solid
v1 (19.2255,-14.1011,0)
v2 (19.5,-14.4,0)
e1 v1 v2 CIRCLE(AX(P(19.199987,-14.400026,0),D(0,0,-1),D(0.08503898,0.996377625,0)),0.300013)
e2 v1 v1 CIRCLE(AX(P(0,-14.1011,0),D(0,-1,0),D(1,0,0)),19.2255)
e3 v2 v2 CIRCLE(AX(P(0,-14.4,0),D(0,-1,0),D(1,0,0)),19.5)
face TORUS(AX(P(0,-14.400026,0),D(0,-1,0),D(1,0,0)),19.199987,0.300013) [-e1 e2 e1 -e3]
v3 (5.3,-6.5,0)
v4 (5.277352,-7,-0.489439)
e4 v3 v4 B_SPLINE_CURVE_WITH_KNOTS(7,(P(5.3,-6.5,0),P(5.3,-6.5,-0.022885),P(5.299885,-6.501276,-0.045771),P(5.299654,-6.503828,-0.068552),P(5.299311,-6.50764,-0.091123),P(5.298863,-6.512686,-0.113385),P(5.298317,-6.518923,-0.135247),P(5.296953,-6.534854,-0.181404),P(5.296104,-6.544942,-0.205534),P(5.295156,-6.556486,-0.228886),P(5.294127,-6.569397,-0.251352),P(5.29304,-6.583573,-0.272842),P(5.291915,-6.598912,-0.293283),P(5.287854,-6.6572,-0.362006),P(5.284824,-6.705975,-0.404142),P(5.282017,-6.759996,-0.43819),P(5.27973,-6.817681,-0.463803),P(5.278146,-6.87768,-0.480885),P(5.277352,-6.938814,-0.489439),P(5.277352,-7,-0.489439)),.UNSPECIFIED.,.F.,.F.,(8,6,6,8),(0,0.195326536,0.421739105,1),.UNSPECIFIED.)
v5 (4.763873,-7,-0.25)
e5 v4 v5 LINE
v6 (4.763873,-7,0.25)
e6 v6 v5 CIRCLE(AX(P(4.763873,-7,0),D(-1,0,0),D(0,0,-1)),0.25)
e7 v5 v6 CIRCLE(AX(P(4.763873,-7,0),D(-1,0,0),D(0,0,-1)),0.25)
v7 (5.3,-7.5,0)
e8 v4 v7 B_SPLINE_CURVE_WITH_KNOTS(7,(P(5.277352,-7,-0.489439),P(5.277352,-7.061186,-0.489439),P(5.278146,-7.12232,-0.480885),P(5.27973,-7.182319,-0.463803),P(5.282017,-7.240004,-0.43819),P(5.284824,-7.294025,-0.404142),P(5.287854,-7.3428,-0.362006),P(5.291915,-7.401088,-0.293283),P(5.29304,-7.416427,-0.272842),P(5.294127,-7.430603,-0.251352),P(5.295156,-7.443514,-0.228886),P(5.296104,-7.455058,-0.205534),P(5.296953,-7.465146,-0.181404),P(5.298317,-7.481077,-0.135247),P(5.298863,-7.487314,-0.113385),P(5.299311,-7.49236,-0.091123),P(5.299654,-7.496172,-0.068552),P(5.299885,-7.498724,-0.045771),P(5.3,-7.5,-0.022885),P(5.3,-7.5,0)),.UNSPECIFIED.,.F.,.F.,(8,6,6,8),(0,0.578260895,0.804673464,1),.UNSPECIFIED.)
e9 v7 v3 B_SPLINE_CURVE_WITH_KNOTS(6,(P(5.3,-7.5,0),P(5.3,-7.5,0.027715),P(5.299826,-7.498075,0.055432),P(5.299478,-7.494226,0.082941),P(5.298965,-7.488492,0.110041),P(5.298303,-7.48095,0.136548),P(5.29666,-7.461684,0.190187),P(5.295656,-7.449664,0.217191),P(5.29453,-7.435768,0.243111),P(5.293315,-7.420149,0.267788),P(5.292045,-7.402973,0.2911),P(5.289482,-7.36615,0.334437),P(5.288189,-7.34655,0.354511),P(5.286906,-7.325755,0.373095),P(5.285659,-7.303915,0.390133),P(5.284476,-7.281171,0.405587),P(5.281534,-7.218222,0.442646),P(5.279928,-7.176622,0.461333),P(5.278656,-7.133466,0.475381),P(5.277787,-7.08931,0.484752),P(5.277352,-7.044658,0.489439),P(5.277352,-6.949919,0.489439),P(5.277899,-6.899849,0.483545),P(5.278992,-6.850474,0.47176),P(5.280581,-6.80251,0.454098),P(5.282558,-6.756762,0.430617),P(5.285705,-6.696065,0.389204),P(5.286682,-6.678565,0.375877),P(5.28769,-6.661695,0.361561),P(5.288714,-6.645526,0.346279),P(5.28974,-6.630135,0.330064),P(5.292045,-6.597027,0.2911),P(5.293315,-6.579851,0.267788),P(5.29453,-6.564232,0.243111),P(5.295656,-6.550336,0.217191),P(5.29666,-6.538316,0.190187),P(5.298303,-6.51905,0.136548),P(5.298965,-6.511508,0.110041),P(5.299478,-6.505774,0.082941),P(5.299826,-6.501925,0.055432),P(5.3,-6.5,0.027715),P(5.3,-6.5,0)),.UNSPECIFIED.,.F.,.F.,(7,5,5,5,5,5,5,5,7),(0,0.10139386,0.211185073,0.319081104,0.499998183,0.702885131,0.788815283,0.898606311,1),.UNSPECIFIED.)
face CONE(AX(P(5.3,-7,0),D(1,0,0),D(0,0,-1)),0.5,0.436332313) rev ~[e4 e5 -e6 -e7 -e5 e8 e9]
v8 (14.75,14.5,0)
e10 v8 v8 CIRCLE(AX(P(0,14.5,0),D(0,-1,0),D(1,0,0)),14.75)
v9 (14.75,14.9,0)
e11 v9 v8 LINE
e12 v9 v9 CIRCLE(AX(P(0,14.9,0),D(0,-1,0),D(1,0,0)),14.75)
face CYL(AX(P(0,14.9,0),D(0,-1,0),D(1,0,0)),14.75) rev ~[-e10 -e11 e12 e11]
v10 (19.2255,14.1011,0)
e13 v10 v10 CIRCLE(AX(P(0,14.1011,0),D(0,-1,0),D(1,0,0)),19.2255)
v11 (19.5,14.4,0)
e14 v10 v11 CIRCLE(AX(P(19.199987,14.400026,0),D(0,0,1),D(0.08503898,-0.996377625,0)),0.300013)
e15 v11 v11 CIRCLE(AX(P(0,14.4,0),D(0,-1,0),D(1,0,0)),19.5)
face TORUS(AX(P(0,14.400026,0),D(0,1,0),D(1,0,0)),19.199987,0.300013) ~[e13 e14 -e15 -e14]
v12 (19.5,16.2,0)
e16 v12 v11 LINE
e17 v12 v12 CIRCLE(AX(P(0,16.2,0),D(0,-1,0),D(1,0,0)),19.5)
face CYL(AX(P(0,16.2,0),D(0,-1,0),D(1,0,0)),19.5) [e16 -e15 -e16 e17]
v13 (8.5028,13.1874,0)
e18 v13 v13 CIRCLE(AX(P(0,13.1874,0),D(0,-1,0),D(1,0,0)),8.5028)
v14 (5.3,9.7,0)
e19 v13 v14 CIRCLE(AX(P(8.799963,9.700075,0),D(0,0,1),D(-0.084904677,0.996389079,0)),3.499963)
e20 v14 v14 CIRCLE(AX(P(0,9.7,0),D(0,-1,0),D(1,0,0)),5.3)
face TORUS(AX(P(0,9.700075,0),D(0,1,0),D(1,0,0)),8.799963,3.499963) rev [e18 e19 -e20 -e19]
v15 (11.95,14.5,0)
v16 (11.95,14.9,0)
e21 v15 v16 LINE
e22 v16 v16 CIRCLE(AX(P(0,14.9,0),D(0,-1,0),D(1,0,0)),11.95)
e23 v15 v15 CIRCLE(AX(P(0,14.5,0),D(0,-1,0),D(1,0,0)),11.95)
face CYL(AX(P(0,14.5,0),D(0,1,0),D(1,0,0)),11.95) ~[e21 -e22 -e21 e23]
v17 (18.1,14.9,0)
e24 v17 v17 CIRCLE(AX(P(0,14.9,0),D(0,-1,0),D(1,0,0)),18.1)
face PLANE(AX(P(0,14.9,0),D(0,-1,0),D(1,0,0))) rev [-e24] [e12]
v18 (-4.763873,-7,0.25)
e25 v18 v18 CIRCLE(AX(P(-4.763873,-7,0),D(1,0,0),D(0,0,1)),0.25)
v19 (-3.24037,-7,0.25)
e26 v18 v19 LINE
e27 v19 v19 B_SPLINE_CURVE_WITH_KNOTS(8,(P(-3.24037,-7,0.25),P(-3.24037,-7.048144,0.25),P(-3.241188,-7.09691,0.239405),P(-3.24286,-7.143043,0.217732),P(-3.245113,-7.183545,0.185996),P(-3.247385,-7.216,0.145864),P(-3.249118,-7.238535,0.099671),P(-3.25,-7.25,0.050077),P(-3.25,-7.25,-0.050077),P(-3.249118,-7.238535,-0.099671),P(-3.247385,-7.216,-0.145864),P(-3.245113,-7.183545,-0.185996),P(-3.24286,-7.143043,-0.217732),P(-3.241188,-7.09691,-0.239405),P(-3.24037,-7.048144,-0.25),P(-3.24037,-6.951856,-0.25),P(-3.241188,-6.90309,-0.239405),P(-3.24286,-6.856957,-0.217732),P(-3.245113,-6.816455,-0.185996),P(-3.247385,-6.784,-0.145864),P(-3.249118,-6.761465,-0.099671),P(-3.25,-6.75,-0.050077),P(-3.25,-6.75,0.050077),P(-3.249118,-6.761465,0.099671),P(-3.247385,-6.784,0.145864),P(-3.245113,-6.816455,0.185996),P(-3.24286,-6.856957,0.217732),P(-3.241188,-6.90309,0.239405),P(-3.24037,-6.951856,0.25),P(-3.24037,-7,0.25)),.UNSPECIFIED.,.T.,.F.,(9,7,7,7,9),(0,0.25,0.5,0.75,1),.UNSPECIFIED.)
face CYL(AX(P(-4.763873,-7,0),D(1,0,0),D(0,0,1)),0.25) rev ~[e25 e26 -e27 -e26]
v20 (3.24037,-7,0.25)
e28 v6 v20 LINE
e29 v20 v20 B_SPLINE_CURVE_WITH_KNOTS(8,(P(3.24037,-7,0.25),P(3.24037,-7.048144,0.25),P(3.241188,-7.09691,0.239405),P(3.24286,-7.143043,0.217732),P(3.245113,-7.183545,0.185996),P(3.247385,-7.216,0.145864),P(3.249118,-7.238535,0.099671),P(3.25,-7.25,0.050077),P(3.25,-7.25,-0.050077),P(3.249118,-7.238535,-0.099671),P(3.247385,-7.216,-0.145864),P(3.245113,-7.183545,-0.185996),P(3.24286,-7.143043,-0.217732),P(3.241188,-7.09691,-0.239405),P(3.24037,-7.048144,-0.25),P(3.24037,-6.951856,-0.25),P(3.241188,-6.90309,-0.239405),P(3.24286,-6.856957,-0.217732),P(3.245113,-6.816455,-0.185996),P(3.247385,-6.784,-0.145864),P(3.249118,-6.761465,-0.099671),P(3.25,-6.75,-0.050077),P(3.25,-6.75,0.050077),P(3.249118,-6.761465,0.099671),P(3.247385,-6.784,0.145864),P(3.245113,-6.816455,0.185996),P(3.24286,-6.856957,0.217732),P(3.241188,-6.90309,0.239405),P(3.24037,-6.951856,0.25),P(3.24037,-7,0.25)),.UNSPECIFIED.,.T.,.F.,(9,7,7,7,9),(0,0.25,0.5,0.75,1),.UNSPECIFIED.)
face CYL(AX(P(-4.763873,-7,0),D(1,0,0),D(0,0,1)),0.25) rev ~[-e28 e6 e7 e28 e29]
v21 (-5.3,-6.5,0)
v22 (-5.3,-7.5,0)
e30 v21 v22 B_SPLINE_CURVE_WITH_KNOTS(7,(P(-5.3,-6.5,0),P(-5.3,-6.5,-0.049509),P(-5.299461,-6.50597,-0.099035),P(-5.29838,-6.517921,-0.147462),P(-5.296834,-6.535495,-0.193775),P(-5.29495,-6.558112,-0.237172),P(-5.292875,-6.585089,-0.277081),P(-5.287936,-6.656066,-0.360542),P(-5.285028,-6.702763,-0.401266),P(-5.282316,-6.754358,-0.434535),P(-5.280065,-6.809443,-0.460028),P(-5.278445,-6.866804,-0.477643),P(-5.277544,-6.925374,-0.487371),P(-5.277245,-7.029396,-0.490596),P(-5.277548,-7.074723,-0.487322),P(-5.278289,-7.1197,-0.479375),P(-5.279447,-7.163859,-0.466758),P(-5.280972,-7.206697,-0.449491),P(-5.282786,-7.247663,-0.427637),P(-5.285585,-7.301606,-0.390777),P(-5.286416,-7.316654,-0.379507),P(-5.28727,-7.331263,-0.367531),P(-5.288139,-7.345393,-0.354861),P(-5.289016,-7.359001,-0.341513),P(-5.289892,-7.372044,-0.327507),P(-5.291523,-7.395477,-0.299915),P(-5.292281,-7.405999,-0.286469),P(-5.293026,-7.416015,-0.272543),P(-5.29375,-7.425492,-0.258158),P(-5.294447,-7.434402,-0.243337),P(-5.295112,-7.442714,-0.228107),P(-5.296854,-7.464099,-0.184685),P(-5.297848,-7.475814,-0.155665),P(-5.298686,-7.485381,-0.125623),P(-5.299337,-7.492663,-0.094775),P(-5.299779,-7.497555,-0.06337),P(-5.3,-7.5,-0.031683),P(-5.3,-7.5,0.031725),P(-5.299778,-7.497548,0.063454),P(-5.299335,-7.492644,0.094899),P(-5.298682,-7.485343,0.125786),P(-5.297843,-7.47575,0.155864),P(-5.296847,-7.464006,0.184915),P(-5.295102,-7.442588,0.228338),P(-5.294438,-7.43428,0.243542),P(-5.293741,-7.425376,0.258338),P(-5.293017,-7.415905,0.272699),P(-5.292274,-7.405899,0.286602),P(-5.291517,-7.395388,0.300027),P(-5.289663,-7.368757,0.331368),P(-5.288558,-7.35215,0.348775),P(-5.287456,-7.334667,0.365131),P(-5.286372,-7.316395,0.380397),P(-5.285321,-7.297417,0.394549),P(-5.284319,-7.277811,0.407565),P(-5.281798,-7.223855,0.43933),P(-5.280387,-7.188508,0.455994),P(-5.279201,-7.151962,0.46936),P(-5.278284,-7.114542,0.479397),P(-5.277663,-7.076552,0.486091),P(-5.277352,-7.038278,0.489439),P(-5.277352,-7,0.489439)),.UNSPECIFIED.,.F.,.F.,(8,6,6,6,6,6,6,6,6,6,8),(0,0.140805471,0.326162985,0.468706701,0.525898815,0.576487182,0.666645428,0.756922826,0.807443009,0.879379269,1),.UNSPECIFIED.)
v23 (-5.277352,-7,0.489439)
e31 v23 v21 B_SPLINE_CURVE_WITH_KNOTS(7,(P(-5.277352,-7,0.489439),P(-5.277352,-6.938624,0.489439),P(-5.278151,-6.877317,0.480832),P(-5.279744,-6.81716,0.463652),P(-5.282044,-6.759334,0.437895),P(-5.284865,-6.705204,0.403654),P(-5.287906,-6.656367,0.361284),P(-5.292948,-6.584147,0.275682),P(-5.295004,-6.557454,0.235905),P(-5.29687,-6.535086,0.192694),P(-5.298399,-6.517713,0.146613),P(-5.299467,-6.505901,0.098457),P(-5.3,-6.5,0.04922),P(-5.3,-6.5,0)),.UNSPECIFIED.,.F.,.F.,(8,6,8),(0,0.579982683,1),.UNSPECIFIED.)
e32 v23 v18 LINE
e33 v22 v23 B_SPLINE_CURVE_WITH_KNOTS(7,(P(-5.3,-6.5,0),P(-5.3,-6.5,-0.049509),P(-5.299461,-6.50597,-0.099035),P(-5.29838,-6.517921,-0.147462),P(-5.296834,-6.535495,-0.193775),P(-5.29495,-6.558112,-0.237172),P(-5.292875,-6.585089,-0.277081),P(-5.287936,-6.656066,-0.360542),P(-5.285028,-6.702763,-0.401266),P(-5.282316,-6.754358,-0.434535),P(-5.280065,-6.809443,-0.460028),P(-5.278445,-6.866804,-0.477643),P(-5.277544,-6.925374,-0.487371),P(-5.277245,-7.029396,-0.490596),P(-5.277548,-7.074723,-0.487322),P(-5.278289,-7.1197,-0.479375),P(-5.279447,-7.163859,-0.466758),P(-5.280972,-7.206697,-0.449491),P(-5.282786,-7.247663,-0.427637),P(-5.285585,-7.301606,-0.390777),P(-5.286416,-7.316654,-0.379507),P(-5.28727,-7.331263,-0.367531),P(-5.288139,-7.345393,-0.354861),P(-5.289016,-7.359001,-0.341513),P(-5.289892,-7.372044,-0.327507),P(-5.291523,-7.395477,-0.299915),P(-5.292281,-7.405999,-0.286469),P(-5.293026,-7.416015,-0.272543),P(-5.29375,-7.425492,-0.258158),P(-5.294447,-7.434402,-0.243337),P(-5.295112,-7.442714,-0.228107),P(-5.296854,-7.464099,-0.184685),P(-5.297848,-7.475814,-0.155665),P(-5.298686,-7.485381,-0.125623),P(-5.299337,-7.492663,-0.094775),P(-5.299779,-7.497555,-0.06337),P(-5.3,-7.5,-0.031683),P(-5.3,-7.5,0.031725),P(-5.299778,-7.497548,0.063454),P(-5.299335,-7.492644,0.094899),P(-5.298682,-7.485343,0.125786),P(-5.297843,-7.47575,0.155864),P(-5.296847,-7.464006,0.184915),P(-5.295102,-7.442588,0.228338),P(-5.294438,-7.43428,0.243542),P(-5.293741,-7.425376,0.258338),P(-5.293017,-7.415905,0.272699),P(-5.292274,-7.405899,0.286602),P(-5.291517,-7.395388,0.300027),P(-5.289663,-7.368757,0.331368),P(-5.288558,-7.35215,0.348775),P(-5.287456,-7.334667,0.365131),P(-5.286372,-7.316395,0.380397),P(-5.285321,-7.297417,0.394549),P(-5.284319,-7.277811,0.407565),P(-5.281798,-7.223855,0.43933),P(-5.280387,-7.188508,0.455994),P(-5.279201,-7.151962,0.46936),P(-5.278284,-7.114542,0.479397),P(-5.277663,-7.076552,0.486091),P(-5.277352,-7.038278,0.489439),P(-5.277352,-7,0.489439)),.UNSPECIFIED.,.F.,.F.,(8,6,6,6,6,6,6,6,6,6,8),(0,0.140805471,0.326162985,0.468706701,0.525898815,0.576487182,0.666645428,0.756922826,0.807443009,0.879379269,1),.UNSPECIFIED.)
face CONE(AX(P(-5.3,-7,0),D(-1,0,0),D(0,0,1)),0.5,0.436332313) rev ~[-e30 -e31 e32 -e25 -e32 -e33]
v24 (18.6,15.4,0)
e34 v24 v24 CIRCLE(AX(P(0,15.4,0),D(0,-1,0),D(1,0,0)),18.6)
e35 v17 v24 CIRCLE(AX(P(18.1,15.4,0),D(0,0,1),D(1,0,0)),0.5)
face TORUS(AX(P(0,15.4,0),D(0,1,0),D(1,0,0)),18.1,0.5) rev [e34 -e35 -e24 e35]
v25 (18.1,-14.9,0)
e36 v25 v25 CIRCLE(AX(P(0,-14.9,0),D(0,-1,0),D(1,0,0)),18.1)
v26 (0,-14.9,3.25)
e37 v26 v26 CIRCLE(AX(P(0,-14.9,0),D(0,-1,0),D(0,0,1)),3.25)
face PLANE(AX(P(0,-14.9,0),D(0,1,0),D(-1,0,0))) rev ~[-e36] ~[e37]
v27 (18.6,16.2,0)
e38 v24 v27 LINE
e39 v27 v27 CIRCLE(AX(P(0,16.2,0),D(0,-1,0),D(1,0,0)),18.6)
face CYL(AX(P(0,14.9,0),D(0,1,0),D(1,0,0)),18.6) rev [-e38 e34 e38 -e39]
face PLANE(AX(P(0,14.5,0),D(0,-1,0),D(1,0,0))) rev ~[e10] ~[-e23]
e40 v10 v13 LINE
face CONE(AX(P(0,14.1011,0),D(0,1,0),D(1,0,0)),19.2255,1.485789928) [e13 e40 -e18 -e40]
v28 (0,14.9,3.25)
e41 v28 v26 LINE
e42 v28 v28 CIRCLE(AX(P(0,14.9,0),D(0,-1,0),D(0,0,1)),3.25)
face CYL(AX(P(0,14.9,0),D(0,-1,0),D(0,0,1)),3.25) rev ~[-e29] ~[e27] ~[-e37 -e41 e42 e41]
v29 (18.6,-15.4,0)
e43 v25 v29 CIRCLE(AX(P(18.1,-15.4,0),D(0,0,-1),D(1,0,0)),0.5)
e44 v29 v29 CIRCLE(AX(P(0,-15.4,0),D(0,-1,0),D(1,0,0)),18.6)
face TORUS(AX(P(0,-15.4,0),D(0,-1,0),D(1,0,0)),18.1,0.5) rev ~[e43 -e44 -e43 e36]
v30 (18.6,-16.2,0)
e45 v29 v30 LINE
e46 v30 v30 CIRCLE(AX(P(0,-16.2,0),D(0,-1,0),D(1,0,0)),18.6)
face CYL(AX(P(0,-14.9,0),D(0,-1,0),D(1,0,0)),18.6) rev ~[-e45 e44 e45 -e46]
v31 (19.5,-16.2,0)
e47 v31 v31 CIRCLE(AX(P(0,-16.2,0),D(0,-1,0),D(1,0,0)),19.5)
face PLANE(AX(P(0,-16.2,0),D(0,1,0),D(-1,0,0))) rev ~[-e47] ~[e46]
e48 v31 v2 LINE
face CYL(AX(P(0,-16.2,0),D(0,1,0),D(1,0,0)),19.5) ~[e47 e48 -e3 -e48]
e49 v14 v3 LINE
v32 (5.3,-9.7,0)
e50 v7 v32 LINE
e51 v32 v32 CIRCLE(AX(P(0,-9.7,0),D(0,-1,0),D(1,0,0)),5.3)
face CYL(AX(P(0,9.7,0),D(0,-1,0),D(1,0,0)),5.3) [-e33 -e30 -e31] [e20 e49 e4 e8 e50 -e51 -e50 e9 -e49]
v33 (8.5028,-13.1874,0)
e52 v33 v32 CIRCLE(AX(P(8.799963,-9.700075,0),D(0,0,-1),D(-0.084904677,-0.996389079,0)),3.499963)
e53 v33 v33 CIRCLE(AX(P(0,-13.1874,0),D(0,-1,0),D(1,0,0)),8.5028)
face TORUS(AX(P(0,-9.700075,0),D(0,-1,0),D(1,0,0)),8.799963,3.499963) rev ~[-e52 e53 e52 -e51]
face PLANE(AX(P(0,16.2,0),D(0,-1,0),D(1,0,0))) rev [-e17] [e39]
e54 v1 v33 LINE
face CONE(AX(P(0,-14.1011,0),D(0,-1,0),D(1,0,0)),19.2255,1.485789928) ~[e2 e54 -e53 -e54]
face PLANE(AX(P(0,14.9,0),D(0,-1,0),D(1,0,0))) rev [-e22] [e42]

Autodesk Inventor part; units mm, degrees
ref_plane "XZ Plane" through (0, 0, 0) normal (0, 1, 0) x (-1, 0, 0)
ref_plane "XY Plane" through (0, 0, 0) normal (0, 0, 1) x (1, 0, 0)
sketch "Sketch1" plane through (0, 0, 0) normal (0, 0, 1) x (1, 0, 0)
  line L0 (0, 0) -> (5.3, 0)
  line L1 (0, 14.9) -> (0, 0)
  line L2 (0, 14.9) -> (11.95, 14.9)
  line L3 (11.95, 14.9) -> (14.75, 14.9)
  line L4 (14.75, 14.9) -> (14.75, 14.5)
  line L5 (14.75, 14.5) -> (11.95, 14.5)
  line L6 (11.95, 14.5) -> (11.95, 14.9)
  line L7 (14.75, 14.9) -> (18.6, 14.9)
  line L8 (18.6, 14.9) -> (18.6, 16.2)
  line L9 (18.6, 16.2) -> (19.5, 16.2)
  line L10 (19.5, 16.2) -> (19.5, 14.4)
  line L11 (19.2255, 14.1011) -> (8.5028, 13.1874)
  line L12 (5.3, 9.7) -> (5.3, 0)
  arc A0 (19.2255, 14.1011) -> (19.5, 14.4) centre (19.2, 14.4) ccw
  arc A1 (8.5028, 13.1874) -> (5.3, 9.7) centre (8.8, 9.7) ccw
  dimension "d0" = 32.4
  dimension "d2" = 1.3
  dimension "d3" = 1.7
  dimension "d4" = 23.9
  dimension "d5" = 39
  dimension "d6" = 37.2
  dimension "d7" = 10.6
  dimension "d8" = 2.8
  dimension "d9" = 0.3
  dimension "d10" = 3.5
  dimension "d11" = 1.8
  dimension "d12" = 6.5
revolve "Revolution1" add sketch "Sketch1" angle 360 about axis through (0, 14.9, 0) along (0, -1, 0)
mirror "Mirror1" about plane through (2.65, 0, 0) normal (0, -1, 0)
hole "Hole1" at (0, 14.9, 0) direction (0, -1, 0) diameter 6.5 end through all
revolve "Revolution2" cut sketch "Sketch1" angle 360 about axis through (0, 14.9, 0) along (0, -1, 0) contours L3 L4 L5 L6
fillet "Fillet1" radius 0.5 2 edges at (-18.6, 14.9, 0) (-18.6, -14.9, 0)
ref_plane "Work Plane1" through (-5.3, 4.85, 0) normal (1, 0, 0) x (0, 1, 0)
sketch "Sketch3" plane through (-5.3, 4.85, 0) normal (1, 0, 0) x (0, 1, 0)
  point P0 (-4.85, 0)
  point P1 (-11.85, 0)
  dimension "d35" = 7
hole "Hole2" at (-5.3, -7, 0) direction (1, 0, 0) diameter 0.5 end through all countersink diameter 1 countersink angle 50
ref_plane "Work Plane2" through (5.3, 4.85, 0) normal (1, 0, 0) x (0, 1, 0)
hole "Hole3" at (5.3, -7, 0) direction (-1, 0, 0) diameter 0.5 depth 1 tip angle 118 countersink diameter 1 countersink angle 50
properties part number "402-01" material "PAEK Plastic"
